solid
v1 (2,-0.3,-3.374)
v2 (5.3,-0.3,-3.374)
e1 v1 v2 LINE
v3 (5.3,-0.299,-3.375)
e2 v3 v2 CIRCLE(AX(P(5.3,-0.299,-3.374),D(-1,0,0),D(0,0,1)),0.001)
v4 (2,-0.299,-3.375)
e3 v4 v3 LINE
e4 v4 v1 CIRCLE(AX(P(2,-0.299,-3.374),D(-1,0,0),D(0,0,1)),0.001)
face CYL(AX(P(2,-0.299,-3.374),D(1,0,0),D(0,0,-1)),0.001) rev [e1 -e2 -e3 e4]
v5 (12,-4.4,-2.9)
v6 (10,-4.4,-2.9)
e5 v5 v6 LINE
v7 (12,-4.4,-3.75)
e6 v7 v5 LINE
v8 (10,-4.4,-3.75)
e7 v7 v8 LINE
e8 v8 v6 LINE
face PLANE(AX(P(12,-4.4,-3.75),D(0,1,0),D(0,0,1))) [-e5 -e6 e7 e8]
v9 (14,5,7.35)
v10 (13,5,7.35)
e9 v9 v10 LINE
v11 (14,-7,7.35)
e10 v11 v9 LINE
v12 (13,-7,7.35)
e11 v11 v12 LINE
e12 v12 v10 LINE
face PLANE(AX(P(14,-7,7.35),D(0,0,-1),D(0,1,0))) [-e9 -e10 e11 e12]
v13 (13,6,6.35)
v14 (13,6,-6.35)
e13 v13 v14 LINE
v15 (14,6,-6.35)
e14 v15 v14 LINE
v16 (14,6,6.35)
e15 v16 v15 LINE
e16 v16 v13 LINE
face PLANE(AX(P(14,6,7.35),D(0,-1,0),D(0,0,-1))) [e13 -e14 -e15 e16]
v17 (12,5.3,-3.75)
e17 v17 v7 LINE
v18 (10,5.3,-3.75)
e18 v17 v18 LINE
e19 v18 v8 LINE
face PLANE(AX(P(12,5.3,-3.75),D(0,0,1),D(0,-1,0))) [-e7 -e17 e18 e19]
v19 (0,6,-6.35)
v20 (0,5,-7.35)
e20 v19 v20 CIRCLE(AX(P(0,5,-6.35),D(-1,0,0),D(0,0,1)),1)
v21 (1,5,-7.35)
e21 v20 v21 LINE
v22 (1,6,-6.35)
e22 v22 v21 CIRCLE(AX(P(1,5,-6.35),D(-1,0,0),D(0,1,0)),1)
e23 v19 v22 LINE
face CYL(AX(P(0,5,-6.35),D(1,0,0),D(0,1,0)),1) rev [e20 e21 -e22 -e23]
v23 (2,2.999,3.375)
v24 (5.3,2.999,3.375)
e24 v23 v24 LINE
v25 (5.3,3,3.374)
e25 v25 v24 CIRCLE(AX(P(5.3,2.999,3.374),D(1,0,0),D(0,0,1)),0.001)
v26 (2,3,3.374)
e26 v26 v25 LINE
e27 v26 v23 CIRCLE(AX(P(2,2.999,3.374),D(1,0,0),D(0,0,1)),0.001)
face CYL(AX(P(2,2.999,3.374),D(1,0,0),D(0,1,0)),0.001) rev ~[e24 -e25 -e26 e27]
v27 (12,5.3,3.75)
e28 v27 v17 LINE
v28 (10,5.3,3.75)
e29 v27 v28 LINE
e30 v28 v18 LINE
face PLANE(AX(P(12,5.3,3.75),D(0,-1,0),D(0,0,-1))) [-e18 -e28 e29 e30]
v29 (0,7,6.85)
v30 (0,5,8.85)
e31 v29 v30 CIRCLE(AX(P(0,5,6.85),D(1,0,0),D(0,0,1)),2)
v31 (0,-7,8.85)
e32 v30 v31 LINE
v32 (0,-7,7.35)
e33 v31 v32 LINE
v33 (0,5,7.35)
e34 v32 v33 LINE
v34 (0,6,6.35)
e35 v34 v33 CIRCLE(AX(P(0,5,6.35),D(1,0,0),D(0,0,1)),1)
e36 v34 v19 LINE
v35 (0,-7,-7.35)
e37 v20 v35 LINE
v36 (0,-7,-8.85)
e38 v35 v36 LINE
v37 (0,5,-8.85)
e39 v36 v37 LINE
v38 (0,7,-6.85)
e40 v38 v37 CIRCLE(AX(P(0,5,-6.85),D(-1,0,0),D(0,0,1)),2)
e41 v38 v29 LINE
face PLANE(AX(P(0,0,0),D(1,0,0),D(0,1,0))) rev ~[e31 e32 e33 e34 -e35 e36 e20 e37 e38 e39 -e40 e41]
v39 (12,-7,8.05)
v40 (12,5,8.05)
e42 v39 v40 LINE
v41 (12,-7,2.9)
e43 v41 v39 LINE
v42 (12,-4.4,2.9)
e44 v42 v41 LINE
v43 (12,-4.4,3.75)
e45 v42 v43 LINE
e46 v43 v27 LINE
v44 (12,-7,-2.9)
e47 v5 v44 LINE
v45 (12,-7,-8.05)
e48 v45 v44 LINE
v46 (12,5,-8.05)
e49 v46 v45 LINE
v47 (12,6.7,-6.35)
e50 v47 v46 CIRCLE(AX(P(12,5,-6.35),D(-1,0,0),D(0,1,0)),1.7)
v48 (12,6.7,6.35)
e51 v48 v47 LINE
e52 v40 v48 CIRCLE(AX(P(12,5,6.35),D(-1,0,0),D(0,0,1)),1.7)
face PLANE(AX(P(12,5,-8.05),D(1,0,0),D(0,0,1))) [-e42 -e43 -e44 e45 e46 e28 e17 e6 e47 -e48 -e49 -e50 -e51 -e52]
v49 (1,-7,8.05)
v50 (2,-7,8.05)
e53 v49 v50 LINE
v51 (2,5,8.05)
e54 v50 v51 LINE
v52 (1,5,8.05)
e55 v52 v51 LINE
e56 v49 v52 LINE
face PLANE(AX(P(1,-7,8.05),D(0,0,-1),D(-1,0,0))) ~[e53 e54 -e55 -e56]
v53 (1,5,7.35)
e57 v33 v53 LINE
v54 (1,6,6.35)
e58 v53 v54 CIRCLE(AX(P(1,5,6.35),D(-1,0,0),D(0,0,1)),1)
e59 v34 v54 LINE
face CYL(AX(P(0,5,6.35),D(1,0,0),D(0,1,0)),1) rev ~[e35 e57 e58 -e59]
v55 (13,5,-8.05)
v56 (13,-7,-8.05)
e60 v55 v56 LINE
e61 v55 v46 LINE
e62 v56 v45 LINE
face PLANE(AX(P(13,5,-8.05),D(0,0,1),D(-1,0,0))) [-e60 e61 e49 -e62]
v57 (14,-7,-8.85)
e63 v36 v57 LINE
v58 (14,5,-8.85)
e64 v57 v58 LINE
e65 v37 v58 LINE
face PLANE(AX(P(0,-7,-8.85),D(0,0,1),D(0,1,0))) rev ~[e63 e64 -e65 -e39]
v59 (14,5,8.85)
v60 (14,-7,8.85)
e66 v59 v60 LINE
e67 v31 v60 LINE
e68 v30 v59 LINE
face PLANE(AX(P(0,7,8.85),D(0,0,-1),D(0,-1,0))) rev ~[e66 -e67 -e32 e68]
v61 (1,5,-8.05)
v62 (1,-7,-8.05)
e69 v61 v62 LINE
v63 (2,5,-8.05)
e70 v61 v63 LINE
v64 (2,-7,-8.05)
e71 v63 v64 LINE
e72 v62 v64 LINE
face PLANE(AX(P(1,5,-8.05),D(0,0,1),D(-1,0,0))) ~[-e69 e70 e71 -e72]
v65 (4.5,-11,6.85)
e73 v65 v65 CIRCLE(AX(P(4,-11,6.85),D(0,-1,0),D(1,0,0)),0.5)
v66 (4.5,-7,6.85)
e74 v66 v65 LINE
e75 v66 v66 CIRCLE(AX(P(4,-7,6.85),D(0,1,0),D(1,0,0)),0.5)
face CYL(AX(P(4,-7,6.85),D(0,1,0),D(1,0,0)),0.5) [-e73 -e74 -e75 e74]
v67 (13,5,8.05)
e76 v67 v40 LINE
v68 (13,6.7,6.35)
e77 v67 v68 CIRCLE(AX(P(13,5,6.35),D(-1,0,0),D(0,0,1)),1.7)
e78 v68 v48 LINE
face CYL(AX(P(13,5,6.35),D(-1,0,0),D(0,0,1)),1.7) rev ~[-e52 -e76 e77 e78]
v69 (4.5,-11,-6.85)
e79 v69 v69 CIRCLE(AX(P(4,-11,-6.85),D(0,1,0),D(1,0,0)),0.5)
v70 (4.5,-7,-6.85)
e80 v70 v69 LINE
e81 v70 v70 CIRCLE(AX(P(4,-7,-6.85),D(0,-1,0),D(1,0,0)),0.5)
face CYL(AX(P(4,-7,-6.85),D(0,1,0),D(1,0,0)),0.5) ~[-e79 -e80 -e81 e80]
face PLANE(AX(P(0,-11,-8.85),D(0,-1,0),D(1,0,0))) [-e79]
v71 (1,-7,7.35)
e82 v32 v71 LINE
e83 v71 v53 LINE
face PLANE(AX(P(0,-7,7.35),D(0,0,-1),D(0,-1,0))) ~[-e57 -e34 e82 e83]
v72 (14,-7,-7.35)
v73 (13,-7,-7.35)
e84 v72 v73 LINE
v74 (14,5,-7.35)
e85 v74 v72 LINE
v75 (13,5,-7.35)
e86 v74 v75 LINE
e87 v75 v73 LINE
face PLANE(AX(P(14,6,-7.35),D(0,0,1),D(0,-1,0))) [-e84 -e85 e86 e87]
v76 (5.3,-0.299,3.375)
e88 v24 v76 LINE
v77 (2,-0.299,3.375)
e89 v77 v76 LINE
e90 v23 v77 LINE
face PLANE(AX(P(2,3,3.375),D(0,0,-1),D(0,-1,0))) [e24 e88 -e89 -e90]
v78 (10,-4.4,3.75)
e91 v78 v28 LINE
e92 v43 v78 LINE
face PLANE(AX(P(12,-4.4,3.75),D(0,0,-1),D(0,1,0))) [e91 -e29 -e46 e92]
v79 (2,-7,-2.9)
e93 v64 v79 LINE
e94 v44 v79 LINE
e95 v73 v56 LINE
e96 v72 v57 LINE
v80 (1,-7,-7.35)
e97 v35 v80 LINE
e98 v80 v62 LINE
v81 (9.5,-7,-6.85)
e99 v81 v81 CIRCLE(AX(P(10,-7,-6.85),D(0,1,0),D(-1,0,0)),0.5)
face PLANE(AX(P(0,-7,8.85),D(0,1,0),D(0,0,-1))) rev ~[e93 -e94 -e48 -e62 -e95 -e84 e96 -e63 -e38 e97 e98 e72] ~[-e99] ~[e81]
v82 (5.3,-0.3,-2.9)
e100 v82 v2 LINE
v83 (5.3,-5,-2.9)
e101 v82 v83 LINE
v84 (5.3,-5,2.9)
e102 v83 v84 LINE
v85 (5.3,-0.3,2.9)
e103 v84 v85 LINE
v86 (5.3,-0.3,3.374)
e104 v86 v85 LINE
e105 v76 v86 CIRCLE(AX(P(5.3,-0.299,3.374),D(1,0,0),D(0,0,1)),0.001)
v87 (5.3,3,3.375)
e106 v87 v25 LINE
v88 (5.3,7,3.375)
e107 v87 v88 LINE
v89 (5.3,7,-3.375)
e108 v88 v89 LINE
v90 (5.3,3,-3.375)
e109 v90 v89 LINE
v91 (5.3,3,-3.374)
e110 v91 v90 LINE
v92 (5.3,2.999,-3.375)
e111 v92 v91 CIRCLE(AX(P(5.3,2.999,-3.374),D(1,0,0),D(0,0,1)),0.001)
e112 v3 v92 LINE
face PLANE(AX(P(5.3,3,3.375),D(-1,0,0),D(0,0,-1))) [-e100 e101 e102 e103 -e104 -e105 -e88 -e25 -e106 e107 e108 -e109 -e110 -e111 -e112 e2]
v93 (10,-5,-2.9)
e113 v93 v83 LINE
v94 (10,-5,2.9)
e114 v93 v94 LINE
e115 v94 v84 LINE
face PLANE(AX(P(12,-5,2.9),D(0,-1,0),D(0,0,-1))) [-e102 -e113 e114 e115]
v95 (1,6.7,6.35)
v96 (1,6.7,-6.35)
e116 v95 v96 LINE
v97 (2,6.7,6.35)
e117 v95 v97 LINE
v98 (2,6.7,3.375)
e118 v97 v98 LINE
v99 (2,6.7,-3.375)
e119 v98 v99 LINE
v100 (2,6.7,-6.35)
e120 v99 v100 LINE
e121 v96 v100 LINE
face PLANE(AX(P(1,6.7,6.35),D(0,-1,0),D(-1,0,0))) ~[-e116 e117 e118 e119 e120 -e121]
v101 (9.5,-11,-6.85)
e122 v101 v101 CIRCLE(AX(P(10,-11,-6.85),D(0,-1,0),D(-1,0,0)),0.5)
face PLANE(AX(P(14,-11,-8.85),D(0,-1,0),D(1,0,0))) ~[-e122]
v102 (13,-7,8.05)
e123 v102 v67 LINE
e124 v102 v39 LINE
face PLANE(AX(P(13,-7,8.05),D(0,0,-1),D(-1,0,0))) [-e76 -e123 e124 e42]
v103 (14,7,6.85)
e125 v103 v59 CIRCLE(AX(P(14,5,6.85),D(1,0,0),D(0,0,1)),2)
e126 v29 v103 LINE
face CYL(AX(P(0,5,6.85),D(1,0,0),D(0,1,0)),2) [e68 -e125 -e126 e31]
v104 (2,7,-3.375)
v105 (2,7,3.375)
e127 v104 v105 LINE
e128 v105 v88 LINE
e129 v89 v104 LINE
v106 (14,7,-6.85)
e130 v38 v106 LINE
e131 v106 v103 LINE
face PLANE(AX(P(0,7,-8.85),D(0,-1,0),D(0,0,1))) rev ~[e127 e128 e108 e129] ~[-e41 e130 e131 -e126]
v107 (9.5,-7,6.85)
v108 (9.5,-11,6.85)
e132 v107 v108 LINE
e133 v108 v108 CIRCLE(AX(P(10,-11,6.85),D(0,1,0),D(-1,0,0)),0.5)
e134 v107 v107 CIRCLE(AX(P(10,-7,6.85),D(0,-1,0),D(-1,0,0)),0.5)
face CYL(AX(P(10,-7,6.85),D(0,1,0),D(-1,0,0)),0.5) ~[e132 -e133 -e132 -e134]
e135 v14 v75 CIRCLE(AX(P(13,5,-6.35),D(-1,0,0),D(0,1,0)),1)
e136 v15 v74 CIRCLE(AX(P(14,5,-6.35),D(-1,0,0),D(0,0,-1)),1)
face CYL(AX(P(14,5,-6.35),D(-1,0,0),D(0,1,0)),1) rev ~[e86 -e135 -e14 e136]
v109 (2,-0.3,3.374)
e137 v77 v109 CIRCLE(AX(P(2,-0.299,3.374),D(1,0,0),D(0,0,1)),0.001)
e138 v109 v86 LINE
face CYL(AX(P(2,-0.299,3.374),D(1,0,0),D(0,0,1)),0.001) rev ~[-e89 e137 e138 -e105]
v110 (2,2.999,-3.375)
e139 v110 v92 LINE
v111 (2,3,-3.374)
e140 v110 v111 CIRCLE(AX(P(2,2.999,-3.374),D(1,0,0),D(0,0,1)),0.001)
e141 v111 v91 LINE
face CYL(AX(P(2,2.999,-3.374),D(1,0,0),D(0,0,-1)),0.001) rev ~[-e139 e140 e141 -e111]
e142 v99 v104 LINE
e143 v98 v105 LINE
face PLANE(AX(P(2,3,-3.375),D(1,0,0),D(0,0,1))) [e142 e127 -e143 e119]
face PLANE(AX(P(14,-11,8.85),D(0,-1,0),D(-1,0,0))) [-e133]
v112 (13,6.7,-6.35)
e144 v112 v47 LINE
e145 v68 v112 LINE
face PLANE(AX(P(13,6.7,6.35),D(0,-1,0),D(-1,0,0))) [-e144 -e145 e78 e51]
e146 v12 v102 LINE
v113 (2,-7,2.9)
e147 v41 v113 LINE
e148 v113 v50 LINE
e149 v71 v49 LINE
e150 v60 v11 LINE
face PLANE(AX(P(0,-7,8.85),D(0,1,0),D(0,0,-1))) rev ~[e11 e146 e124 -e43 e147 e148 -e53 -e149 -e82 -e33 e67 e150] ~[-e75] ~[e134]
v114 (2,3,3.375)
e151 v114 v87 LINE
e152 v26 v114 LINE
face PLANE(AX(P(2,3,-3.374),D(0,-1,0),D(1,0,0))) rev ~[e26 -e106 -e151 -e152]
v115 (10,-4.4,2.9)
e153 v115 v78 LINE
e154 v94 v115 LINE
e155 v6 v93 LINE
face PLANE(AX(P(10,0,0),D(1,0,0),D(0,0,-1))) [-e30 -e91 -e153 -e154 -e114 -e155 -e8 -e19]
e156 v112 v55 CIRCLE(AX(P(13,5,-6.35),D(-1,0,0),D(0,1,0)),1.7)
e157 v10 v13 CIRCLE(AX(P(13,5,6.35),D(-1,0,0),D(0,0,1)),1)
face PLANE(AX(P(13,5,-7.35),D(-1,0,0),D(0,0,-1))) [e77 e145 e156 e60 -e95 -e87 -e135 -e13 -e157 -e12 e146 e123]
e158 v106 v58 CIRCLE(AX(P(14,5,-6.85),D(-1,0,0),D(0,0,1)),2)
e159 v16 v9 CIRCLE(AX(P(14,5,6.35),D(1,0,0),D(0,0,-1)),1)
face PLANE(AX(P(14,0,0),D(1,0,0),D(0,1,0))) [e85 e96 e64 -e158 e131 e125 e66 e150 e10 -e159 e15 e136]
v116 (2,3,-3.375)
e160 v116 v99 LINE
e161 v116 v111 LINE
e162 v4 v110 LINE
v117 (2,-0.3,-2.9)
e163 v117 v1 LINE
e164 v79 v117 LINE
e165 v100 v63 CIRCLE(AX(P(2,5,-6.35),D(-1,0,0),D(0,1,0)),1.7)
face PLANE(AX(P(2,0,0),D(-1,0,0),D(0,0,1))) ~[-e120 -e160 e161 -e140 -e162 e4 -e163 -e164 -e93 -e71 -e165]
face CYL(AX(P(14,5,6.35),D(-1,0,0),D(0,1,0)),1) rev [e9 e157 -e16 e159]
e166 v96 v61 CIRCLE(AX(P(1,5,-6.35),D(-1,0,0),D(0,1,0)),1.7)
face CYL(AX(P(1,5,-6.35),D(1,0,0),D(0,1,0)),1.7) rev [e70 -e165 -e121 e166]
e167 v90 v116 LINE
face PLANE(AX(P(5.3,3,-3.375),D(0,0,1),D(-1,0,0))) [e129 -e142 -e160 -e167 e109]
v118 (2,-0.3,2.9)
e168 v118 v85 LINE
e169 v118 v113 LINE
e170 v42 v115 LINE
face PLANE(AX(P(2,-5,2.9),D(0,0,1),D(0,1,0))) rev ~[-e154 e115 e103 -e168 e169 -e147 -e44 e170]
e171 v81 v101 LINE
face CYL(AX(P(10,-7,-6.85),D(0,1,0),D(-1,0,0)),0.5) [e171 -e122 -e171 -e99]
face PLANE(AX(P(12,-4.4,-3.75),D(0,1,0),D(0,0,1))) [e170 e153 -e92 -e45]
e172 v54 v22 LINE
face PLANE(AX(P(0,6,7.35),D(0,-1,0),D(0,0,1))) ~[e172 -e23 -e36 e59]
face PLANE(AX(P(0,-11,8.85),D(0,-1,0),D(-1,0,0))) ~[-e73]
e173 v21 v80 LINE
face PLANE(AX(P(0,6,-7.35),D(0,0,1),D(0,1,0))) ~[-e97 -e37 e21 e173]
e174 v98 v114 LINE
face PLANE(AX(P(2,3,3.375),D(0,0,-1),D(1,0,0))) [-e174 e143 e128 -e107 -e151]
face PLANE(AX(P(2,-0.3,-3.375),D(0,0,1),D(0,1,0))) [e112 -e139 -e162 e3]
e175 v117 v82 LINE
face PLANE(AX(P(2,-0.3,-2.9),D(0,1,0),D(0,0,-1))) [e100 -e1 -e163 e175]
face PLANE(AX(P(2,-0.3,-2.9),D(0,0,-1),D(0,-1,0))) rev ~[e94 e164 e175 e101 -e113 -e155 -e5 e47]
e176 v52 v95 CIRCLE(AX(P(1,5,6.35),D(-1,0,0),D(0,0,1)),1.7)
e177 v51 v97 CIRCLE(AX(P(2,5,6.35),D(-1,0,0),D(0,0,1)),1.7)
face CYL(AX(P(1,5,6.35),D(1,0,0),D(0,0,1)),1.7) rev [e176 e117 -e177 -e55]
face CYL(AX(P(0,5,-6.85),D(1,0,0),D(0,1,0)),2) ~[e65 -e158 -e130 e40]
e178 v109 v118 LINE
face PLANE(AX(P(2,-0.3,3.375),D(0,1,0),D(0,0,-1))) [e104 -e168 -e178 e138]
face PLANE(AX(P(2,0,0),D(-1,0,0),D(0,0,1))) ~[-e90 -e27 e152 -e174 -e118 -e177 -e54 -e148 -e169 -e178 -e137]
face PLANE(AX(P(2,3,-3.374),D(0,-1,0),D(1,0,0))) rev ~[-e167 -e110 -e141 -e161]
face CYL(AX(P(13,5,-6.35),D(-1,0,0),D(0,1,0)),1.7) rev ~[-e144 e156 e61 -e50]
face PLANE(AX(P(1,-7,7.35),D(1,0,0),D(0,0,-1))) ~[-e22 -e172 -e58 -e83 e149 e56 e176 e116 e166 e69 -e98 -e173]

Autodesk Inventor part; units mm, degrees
ref_plane "YZ Plane" through (0, 0, 0) normal (1, 0, 0) x (0, 1, 0)
ref_plane "XZ Plane" through (0, 0, 0) normal (0, 1, 0) x (-1, 0, 0)
ref_plane "XY Plane" through (0, 0, 0) normal (0, 0, 1) x (1, 0, 0)
sketch "Sketch1" plane through (0, 0, 0) normal (1, 0, 0) x (0, 1, 0)
  point P0 (0, 0)
sketch "Sketch2" plane through (0, 0, 0) normal (1, 0, 0) x (0, 1, 0)
  line L0 (7, 8.85) -> (-7, 8.85)
  line L1 (-7, 8.85) -> (-7, -8.85)
  line L2 (-7, -8.85) -> (7, -8.85)
  line L3 (7, -8.85) -> (7, 8.85)
  point P0 (0, 0)
  dimension "d0" = 17.7
  dimension "d1" = 14
  dimension "d2" = 8.85
  dimension "d3" = 7
extrude "Extrusion1" add sketch "Sketch2" along normal blind 14
fillet "Fillet1" radius 2 2 edges at (7, 7, 8.85) (7, 7, -8.85)
sketch "Sketch5" plane through (14, 0, 0) normal (1, 0, 0) x (0, 0, -1)
  line L0 (-7.35, 6) -> (7.35, 6)
  line L1 (7.35, 6) -> (7.35, -7)
  line L2 (7.35, -7) -> (-7.35, -7)
  line L3 (-7.35, -7) -> (-7.35, 6)
  line L4 (6.85, 7) -> (-6.85, 7) projected
  line L5 (8.85, -7) -> (8.85, 5) projected
  line L6 (-8.85, -7) -> (8.85, -7) projected
  line L7 (-8.85, 5) -> (-8.85, -7) projected
  point P0 (0, 0)
  dimension "d19" = 1
  dimension "d20" = 1.5
  dimension "d21" = 0
  dimension "d22" = 1.5
extrude "Extrusion2" cut sketch "Sketch5" against normal blind 2
fillet "Fillet2" radius 1 1 edges at (13, 6, 7.35)
fillet "Fillet3" radius 1 1 edges at (13, 6, -7.35)
sketch "Sketch6" plane through (12, 0, 0) normal (1, 0, 0) x (0, 0, -1)
  line L0 (-3.75, 5.3) -> (3.75, 5.3)
  line L1 (3.75, 5.3) -> (3.75, -4.4)
  line L2 (3.75, -4.4) -> (-3.75, -4.4)
  line L3 (-3.75, -4.4) -> (-3.75, 5.3)
  line L4 (-6.35, 6) -> (6.35, 6) projected
  line L5 (7.35, -7) -> (-7.35, -7) projected
  line L6 (-7.35, -7) -> (-7.35, 5) projected
  line L7 (7.35, 5) -> (7.35, -7) projected
  point P0 (0, 0)
  dimension "d27" = 9.7
  dimension "d28" = 7.5
  dimension "d35" = 0.7
  dimension "d36" = 2.6
  dimension "d107" = 3.75
extrude "Extrusion3" cut sketch "Sketch6" against normal blind 2
ref_plane "Work Plane2" through (7, 0, 0) normal (1, 0, 0) x (0, 0, -1)
mirror "Mirror1" about plane through (7, 0, 0) normal (1, 0, 0) of "Extrusion2"
sketch "Sketch11" plane through (2, -7, -7.35) normal (-1, 0, 0) x (0, 0, 1)
  line L0 (4.45, 2) -> (10.25, 2)
  line L1 (10.25, 2) -> (10.25, 6.7)
  line L2 (10.25, 6.7) -> (4.45, 6.7)
  line L3 (4.45, 6.7) -> (4.45, 2)
  line L4 (10.725, 6.7) -> (3.975, 6.7)
  line L5 (3.975, 6.7) -> (3.975, 10)
  line L6 (3.975, 10) -> (10.725, 10)
  line L7 (10.725, 10) -> (10.725, 6.7)
  line L8 (14.7, 0) -> (0, 0) projected
  point P0 (7.35, 7)
  point P1 (10.25, 6.7)
  dimension "d52" = 5.8
  dimension "d53" = 4.7
  dimension "d54" = 2
  dimension "d55" = 3.3
  dimension "d56" = 6.75
  dimension "d57" = 2.9
  dimension "d58" = 3.375
extrude "Extrusion5" cut sketch "Sketch11" against normal blind 3.3
fillet "Fillet4" radius 0.001 2 edges at (3.65, 3, -3.375) (3.65, 3, 3.375)
fillet "Fillet5" radius 0.001 2 edges at (3.65, -0.3, -3.375) (3.65, -0.3, 3.375)
fillet "Fillet6" radius 1 1 edges at (1, 6, 7.35)
fillet "Fillet7" radius 1 1 edges at (1, 6, -7.35)
sketch "Sketch15" plane through (0, -7, -8.85) normal (0, -1, 0) x (1, 0, 0)
  line L0 (0, 2) -> (14, 2) projected
  circle A0 centre (4, 2) radius 0.5
  line L1 (0, 1.5) -> (0, 0) projected
  line L2 (12, 1.5) -> (12, 16.2) projected
  line L3 (2, 16.2) -> (2, 1.5) projected
  line L4 (7, 21.24) -> (7, -3.54) projected
  point P0 (0, 8.85)
  point P1 (12, 3.75)
  point P2 (2, 3.35)
  dimension "d74" = 1
  dimension "d120" = 4
extrude "Extrusion8" add sketch "Sketch15" along normal blind 4
mirror "Mirror3" about plane through (0, 0, 0) normal (0, 0, 1) of "Extrusion8"
mirror "Mirror4" about plane through (7, 0, 0) normal (1, 0, 0) of "Extrusion8", "Mirror3"
sketch "Sketch18" plane through (2, 3, -3.374) normal (0, -1, 0) x (1, 0, 0)
  line L0 (3.3, -0.001) -> (0, -0.001)
  line L1 (0, -0.001) -> (0, 6.749)
  line L2 (0, 6.749) -> (3.3, 6.749)
  line L3 (3.3, 6.749) -> (3.3, -0.001)
  line L4 (0, -0.001) -> (3.3, -0.001) projected
  line L5 (3.3, 6.749) -> (0, 6.749) projected
  line L6 (0, 0) -> (0, 6.748) projected
  line L7 (3.3, 0) -> (3.3, 6.748) projected
  point P0 (-2, 3.374)
extrude "Extrusion9" cut sketch "Sketch18" against normal through all
sketch "Sketch19" plane through (0, -7, 8.85) normal (0, -1, 0) x (1, 0, 0)
  line L0 (13, -0.8) -> (12, -0.8)
  line L1 (12, -0.8) -> (12, -1.5)
  line L2 (12, -1.5) -> (13, -1.5)
  line L3 (13, -1.5) -> (13, -0.8)
  point P0 (0, -8.85)
  dimension "d103" = 0.7
  dimension "d104" = 1
sketch3d "3D Sketch3"
  line L0 (14, -7, 7.35) -> (14, 5, 7.35)
  arc A0 (14, 5, 7.35) -> (14, 6, 6.35) centre (14, 5, 6.35) ccw
  line L1 (14, 6, 6.35) -> (14, 6, -6.35)
  arc A1 (14, 6, -6.35) -> (14, 5, -7.35) centre (14, 5, -6.35) ccw
  line L2 (14, 5, -7.35) -> (14, -7, -7.35)
sweep "Sweep3" cut profiles "Sketch19" path "3D Sketch3"
mirror "Mirror6" about plane through (7, 0, 0) normal (1, 0, 0) of "Sweep3"
sketch "Sketch20" plane through (12, 0, 0) normal (1, 0, 0) x (0, 0, -1)
  line L0 (-2.9, -5) -> (2.9, -5)
  line L1 (2.9, -5) -> (2.9, -7)
  line L2 (2.9, -7) -> (-2.9, -7)
  line L3 (-2.9, -7) -> (-2.9, -5)
  line L4 (3.6, 4.6) -> (3.6, -4.3)
  line L5 (-3.6, -4.3) -> (-3.6, 5.3)
  line L6 (3.6, -4.3) -> (-3.6, -4.3)
  line L7 (5.45, -7) -> (-5.45, -7)
  point P0 (0, 0)
  dimension "d109" = 0.7
  dimension "d110" = 0.7
  dimension "d116" = 2
extrude "Extrusion10" cut sketch "Sketch20" against normal through all
sketch "Sketch21" plane through (12, 0, 0) normal (1, 0, 0) x (0, 0, -1)
  line L0 (-2.9, -4.4) -> (2.9, -4.4)
  line L1 (2.9, -4.4) -> (2.9, -5)
  line L2 (2.9, -5) -> (-2.9, -5)
  line L3 (-2.9, -5) -> (-2.9, -4.4)
  line L4 (3.75, -4.4) -> (-3.75, -4.4) projected
  line L5 (-2.9, -5) -> (2.9, -5) projected
  line L6 (2.9, -5) -> (2.9, -7) projected
  line L7 (-2.9, -7) -> (-2.9, -5) projected
  point P0 (0, 0)
extrude "Extrusion11" cut sketch "Sketch21" against normal blind 2
equation "\"d2\" = 0.5 * d0"
equation "\"d3\" = 0.5 * d1"
equation "\"d107\" = 0.5 * d28"
equation "\"d57\" = 0.5 * d52"
equation "\"d58\" = 0.5 * d56"
properties part number "fingertip skeleton 5"
